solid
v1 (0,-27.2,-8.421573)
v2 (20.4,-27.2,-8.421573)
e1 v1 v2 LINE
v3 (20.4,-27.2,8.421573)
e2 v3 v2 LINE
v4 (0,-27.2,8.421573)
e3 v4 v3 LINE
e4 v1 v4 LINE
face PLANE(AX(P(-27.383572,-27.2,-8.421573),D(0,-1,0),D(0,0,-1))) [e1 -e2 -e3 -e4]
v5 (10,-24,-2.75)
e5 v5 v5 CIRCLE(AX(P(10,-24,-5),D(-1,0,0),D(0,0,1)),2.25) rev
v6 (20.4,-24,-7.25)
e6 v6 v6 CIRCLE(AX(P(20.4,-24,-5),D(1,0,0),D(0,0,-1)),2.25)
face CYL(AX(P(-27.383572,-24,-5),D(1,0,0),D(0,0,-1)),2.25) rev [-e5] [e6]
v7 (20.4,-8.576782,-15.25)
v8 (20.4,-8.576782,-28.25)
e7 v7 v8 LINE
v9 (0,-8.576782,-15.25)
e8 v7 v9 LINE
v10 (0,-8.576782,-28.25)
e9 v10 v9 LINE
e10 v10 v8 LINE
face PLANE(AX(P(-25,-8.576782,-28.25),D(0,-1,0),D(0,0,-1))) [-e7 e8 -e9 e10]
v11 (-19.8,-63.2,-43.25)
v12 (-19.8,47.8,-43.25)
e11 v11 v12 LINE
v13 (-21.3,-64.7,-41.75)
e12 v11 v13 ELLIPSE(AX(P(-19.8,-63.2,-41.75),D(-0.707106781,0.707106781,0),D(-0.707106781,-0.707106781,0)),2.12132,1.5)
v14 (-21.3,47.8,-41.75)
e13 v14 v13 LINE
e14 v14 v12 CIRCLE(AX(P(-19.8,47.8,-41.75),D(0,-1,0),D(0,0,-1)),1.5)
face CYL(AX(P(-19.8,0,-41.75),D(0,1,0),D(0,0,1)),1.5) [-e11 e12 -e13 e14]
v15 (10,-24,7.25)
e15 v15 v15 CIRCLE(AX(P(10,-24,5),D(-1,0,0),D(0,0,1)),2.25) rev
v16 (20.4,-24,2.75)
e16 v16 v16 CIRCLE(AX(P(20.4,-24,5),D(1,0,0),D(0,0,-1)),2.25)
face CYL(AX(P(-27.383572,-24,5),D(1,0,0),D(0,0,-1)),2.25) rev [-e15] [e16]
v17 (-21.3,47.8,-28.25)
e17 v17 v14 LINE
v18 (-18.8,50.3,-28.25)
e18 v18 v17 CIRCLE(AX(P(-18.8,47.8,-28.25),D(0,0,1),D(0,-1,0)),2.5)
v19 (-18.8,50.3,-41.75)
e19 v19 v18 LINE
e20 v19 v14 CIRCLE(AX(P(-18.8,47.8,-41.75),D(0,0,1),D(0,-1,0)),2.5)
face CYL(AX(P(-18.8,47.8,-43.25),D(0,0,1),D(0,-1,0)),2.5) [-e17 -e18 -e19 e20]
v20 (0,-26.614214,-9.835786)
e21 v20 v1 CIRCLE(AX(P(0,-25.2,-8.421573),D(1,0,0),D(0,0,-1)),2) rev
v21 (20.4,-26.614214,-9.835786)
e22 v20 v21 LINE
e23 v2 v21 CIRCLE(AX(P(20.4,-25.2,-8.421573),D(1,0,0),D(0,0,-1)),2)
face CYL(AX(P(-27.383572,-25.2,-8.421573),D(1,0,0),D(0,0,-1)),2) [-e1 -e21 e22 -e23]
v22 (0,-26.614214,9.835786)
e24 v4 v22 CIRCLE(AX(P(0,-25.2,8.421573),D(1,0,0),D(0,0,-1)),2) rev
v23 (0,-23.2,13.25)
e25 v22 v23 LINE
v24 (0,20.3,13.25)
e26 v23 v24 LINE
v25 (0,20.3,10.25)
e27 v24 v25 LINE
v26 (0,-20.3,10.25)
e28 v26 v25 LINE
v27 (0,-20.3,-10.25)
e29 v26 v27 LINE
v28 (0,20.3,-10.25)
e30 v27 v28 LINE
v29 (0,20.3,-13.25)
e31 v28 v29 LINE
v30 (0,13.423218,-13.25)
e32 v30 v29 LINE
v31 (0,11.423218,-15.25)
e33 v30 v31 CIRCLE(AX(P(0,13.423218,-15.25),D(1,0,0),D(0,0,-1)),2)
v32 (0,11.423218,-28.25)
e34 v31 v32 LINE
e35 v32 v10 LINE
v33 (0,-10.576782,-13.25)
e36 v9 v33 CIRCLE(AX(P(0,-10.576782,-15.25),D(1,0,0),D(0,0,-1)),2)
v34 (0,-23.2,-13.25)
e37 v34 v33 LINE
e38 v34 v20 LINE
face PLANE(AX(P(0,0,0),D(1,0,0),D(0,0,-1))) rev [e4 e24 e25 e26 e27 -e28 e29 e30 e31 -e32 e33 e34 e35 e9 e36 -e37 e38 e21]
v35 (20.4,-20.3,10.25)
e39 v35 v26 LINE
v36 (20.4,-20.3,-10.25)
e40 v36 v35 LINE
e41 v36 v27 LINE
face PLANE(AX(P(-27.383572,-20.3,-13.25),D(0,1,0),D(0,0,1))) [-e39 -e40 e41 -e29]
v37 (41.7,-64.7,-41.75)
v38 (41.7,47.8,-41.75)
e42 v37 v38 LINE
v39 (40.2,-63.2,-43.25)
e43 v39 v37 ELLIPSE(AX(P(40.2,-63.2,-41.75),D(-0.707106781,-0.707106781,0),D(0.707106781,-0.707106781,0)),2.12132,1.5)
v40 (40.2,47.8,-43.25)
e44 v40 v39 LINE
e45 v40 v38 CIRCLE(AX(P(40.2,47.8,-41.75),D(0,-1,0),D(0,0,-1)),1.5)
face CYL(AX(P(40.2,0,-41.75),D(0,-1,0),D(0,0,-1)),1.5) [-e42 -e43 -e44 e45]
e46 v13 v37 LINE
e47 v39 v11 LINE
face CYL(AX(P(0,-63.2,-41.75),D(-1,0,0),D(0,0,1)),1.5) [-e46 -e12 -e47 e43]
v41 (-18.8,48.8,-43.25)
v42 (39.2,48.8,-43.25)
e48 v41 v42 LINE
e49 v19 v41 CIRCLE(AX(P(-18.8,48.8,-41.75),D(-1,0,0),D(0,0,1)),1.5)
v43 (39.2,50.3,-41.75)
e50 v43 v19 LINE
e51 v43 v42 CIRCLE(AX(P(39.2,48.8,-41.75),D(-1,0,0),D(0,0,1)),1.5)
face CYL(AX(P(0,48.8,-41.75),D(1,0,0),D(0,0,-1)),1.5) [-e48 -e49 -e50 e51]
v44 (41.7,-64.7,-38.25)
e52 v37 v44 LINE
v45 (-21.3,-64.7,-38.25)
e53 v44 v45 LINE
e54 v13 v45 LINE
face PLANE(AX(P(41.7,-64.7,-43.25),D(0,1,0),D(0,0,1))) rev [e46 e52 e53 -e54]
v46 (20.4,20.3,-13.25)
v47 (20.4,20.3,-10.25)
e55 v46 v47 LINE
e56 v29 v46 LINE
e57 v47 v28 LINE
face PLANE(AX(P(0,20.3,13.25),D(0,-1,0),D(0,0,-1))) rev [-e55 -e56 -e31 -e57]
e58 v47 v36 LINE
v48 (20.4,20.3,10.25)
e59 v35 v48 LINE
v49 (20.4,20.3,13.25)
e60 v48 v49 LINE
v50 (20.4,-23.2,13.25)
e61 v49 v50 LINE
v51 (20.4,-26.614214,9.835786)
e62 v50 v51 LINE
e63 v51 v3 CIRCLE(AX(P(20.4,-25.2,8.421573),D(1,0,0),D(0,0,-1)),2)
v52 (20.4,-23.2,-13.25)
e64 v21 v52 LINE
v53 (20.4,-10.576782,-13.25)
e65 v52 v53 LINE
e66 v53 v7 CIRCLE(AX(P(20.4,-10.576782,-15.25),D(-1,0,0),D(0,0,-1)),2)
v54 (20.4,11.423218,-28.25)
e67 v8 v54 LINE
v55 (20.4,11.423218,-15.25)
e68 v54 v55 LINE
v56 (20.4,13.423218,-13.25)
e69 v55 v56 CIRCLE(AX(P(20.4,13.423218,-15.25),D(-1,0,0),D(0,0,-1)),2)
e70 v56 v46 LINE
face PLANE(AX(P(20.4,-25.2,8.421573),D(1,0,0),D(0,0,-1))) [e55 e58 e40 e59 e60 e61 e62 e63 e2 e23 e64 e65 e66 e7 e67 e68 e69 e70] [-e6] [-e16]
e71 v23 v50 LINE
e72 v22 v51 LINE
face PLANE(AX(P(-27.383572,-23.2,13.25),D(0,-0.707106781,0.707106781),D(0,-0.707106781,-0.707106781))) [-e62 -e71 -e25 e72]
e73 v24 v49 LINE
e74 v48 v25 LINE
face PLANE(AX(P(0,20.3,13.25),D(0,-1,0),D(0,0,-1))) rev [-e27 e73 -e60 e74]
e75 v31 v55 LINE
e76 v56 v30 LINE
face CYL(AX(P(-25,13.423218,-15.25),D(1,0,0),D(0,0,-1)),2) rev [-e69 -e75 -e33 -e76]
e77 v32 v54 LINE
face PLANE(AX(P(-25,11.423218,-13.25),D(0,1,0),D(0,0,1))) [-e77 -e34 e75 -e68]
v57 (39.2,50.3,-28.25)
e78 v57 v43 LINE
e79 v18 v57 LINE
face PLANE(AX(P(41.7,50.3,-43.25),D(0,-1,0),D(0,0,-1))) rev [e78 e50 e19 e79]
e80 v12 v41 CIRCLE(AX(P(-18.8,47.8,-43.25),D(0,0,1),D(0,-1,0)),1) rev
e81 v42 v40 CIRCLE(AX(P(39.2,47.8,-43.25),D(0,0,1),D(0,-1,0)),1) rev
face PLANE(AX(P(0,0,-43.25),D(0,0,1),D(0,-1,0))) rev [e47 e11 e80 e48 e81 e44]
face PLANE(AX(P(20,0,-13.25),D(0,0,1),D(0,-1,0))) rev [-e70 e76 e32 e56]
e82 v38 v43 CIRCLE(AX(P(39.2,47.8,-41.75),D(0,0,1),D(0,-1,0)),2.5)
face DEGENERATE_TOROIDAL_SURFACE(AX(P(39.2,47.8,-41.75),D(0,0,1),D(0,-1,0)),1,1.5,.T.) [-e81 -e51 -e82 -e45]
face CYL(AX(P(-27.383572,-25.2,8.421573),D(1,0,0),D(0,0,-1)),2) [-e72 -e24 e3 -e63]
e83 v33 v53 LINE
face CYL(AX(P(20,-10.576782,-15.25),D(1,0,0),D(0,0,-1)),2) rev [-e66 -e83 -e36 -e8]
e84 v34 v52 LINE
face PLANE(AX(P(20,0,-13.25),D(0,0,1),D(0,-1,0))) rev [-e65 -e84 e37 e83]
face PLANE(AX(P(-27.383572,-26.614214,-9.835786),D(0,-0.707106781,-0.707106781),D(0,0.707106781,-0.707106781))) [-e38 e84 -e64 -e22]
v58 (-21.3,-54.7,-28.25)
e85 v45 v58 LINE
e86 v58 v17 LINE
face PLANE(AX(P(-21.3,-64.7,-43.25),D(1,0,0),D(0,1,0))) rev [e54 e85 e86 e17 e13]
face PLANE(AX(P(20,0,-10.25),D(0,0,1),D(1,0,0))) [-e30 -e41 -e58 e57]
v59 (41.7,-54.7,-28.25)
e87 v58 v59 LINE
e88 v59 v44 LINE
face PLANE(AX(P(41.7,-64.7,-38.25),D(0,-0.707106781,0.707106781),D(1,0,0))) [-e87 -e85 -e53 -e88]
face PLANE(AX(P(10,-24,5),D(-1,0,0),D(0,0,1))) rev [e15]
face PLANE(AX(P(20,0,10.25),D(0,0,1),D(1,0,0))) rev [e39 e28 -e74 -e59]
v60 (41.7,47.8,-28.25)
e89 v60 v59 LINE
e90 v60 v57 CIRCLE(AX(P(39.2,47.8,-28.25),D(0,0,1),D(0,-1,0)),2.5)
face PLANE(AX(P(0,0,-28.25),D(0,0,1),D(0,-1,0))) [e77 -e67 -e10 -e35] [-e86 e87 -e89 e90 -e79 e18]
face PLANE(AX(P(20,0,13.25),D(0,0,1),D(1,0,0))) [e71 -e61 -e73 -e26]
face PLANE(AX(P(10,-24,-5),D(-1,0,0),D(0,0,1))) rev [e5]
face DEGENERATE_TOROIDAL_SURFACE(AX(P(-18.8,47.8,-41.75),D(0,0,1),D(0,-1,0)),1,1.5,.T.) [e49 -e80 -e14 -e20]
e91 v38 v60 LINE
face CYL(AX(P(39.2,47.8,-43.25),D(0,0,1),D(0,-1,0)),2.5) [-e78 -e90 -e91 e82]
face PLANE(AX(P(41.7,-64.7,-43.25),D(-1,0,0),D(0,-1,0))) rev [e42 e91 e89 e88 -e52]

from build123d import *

# Parameters (mm, degrees)
SKETCH1_R            = 2.25
BOSS_EXTRUDE1_DEPTH  = 20
SKETCH2_R            = 2.25
BOSS_EXTRUDE2_DEPTH  = 10
SKETCH4_W            = 26.5
SKETCH4_H            = 2.5
CUT_EXTRUDE1_DEPTH   = 39.17921555
CHAMFER2_SIZE        = 4
CHAMFER3_SIZE        = 4
FILLET4_R            = 2
SKETCH7_W            = 15
SKETCH7_H            = 20
BOSS_EXTRUDE5_DEPTH  = 20
FILLET6_R            = 2
SKETCH13_R           = 2.25
BOSS_EXTRUDE8_DEPTH  = 20
CUT_EXTRUDE2_DEPTH   = 45.021614009
BOSS_EXTRUDE9_START  = -10
SKETCH14_R           = 2.25
BOSS_EXTRUDE9_DEPTH  = 10
BOSS_EXTRUDE10_START = 0.4
SKETCH15_R           = 2.25
BOSS_EXTRUDE10_DEPTH = 0.4
SKETCH16_W           = 63
SKETCH16_H           = 115
BOSS_EXTRUDE11_DEPTH = 15
CHAMFER4_SIZE        = 10
FILLET7_R            = 2.5
FILLET8_R            = 1.5


with BuildPart() as part:
    # Sketch1 → Boss-Extrude1 (new body)
    with BuildSketch(Plane(origin=(0, 0, 0), x_dir=(0, 0, -1), z_dir=(1, 0, 0))):
        Polygon((10.25, -20.3), (13.25, -20.3), (13.25, 29.7), (-13.25, 29.7), (-13.25, -20.3), (-10.25, -20.3), (-10.25, 20.3), (10.25, 20.3), align=None)
        with Locations((5, 24)):
            Circle(SKETCH1_R, mode=Mode.SUBTRACT)
        with Locations((-5, 24)):
            Circle(SKETCH1_R, mode=Mode.SUBTRACT)
    extrude(amount=BOSS_EXTRUDE1_DEPTH)

    # Sketch2 → Boss-Extrude2 (add)
    with BuildSketch(Plane.ZY):
        with Locations((-5, 24)):
            Circle(SKETCH2_R)
        with Locations((5, 24)):
            Circle(SKETCH2_R)
    extrude(amount=-BOSS_EXTRUDE2_DEPTH)

    # Sketch4 → Cut-Extrude1 (cut, through all)
    with BuildSketch(Plane(origin=(20, 0, 0), x_dir=(0, 0, -1), z_dir=(1, 0, 0))):
        with Locations((0, 28.45)):
            Rectangle(SKETCH4_W, SKETCH4_H)
    extrude(amount=-CUT_EXTRUDE1_DEPTH, mode=Mode.SUBTRACT)

    # Chamfer2
    chamfer2_edges = [part.edges().sort_by_distance(p)[0] for p in [
        (10, 27.2, -13.25),
    ]]
    chamfer(chamfer2_edges, length=CHAMFER2_SIZE)

    # Chamfer3
    chamfer3_edges = [part.edges().sort_by_distance(p)[0] for p in [
        (10, 27.2, 13.25),
    ]]
    chamfer(chamfer3_edges, length=CHAMFER3_SIZE)

    # Fillet4
    fillet4_edges = [part.edges().sort_by_distance(p)[0] for p in [
        (10, 27.2, -9.25),
        (10, 27.2, 9.25),
    ]]
    fillet(fillet4_edges, radius=FILLET4_R)

    # Sketch7 → Boss-Extrude5 (add)
    with BuildSketch(Plane(origin=(20, 0, 0), x_dir=(0, 0, -1), z_dir=(1, 0, 0))):
        with Locations((20.75, 1.423218073)):
            Rectangle(SKETCH7_W, SKETCH7_H)
    extrude(amount=-BOSS_EXTRUDE5_DEPTH)

    # Fillet6
    fillet6_edges = [part.edges().sort_by_distance(p)[0] for p in [
        (10, -8.576781927, -13.25),
        (10, 11.423218073, -13.25),
    ]]
    fillet(fillet6_edges, radius=FILLET6_R)

    # Sketch13 → Boss-Extrude8 (add)
    with BuildSketch(Plane(origin=(20, 0, 0), x_dir=(0, 0, -1), z_dir=(1, 0, 0))):
        with BuildLine():
            Line((-13.25, -23.2), (-9.835786438, -26.614213562))
            ThreePointArc((-9.835786438, -26.614213562), (-9.18693974, -27.047759065), (-8.421572875, -27.2))
            Line((-8.421572875, -27.2), (8.421572875, -27.2))
            ThreePointArc((8.421572875, -27.2), (9.18693974, -27.047759065), (9.835786438, -26.614213562))
            Line((9.835786438, -26.614213562), (13.25, -23.2))
            Line((13.25, -23.2), (13.25, -20.3))
            Line((13.25, -20.3), (-13.25, -20.3))
            Line((-13.25, -20.3), (-13.25, -23.2))
        make_face()
        with Locations((5, -24)):
            Circle(SKETCH13_R, mode=Mode.SUBTRACT)
        with Locations((-5, -24)):
            Circle(SKETCH13_R, mode=Mode.SUBTRACT)
    extrude(amount=-BOSS_EXTRUDE8_DEPTH)

    # Sketch12 → Cut-Extrude2 (cut, through all)
    with BuildSketch(Plane(origin=(20, 0, 0), x_dir=(0, 0, -1), z_dir=(1, 0, 0))):
        with BuildLine():
            Line((13.25, 23.2), (9.835786438, 26.614213562))
            ThreePointArc((9.835786438, 26.614213562), (9.18693974, 27.047759065), (8.421572875, 27.2))
            Line((8.421572875, 27.2), (-8.421572875, 27.2))
            ThreePointArc((-8.421572875, 27.2), (-9.18693974, 27.047759065), (-9.835786438, 26.614213562))
            Line((-9.835786438, 26.614213562), (-13.25, 23.2))
            Line((-13.25, 23.2), (-13.25, 20.3))
            Line((-13.25, 20.3), (13.25, 20.3))
            Line((13.25, 20.3), (13.25, 23.2))
        make_face()
    extrude(amount=-CUT_EXTRUDE2_DEPTH, mode=Mode.SUBTRACT)

    # Sketch14 → Boss-Extrude9 (add)
    with BuildSketch(Plane.ZY.offset(BOSS_EXTRUDE9_START)):
        with Locations(Location((-5, -24, 0), (0, 0, 180))):
            Circle(SKETCH14_R)
        with Locations(Location((5, -24, 0), (0, 0, 180))):
            Circle(SKETCH14_R)
    extrude(amount=BOSS_EXTRUDE9_DEPTH)

    # Sketch15 → Boss-Extrude10 (add)
    with BuildSketch(Plane(origin=(20, 0, 0), x_dir=(0, 0, -1), z_dir=(1, 0, 0)).offset(BOSS_EXTRUDE10_START)):
        with BuildLine():
            Line((-10.25, 20.3), (-13.25, 20.3))
            Line((-13.25, 20.3), (-13.25, -23.2))
            Line((-13.25, -23.2), (-9.835786438, -26.614213562))
            ThreePointArc((-9.835786438, -26.614213562), (-9.18693974, -27.047759065), (-8.421572875, -27.2))
            Line((-8.421572875, -27.2), (8.421572875, -27.2))
            ThreePointArc((8.421572875, -27.2), (9.18693974, -27.047759065), (9.835786438, -26.614213562))
            Line((9.835786438, -26.614213562), (13.25, -23.2))
            Line((13.25, -23.2), (13.25, -10.576781927))
            ThreePointArc((13.25, -10.576781927), (13.835786438, -9.162568365), (15.25, -8.576781927))
            Line((15.25, -8.576781927), (28.25, -8.576781927))
            Line((28.25, -8.576781927), (28.25, 11.423218073))
            Line((28.25, 11.423218073), (15.25, 11.423218073))
            ThreePointArc((15.25, 11.423218073), (13.835786438, 12.00900451), (13.25, 13.423218073))
            Line((13.25, 13.423218073), (13.25, 20.3))
            Line((13.25, 20.3), (10.25, 20.3))
            Line((10.25, 20.3), (10.25, -20.3))
            Line((10.25, -20.3), (-10.25, -20.3))
            Line((-10.25, -20.3), (-10.25, 20.3))
        make_face()
        with Locations((5, -24)):
            Circle(SKETCH15_R, mode=Mode.SUBTRACT)
        with Locations((-5, -24)):
            Circle(SKETCH15_R, mode=Mode.SUBTRACT)
    extrude(amount=-BOSS_EXTRUDE10_DEPTH)

    # Sketch16 → Boss-Extrude11 (add)
    with BuildSketch(Plane(origin=(0, 0, -28.25), x_dir=(-1, 0, 0), z_dir=(0, 0, -1))):
        with Locations((-10.2, -7.2)):
            Rectangle(SKETCH16_W, SKETCH16_H)
    extrude(amount=BOSS_EXTRUDE11_DEPTH)

    # Chamfer4
    chamfer4_edges = [part.edges().sort_by_distance(p)[0] for p in [
        (10.2, -64.7, -28.25),
    ]]
    chamfer(chamfer4_edges, length=CHAMFER4_SIZE)

    # Fillet7
    fillet7_edges = [part.edges().sort_by_distance(p)[0] for p in [
        (41.7, 50.3, -35.75),
        (-21.3, 50.3, -35.75),
    ]]
    fillet(fillet7_edges, radius=FILLET7_R)

    # Fillet8
    fillet8_edges = [part.edges().sort_by_distance(p)[0] for p in [
        (10.2, -64.7, -43.25),
        (-21.3, -8.45, -43.25),
        (10.2, 50.3, -43.25),
        (41.7, -8.45, -43.25),
        (40.967766953, 49.567766953, -43.25),
        (-20.567766953, 49.567766953, -43.25),
    ]]
    fillet(fillet8_edges, radius=FILLET8_R)


solid = part.part
